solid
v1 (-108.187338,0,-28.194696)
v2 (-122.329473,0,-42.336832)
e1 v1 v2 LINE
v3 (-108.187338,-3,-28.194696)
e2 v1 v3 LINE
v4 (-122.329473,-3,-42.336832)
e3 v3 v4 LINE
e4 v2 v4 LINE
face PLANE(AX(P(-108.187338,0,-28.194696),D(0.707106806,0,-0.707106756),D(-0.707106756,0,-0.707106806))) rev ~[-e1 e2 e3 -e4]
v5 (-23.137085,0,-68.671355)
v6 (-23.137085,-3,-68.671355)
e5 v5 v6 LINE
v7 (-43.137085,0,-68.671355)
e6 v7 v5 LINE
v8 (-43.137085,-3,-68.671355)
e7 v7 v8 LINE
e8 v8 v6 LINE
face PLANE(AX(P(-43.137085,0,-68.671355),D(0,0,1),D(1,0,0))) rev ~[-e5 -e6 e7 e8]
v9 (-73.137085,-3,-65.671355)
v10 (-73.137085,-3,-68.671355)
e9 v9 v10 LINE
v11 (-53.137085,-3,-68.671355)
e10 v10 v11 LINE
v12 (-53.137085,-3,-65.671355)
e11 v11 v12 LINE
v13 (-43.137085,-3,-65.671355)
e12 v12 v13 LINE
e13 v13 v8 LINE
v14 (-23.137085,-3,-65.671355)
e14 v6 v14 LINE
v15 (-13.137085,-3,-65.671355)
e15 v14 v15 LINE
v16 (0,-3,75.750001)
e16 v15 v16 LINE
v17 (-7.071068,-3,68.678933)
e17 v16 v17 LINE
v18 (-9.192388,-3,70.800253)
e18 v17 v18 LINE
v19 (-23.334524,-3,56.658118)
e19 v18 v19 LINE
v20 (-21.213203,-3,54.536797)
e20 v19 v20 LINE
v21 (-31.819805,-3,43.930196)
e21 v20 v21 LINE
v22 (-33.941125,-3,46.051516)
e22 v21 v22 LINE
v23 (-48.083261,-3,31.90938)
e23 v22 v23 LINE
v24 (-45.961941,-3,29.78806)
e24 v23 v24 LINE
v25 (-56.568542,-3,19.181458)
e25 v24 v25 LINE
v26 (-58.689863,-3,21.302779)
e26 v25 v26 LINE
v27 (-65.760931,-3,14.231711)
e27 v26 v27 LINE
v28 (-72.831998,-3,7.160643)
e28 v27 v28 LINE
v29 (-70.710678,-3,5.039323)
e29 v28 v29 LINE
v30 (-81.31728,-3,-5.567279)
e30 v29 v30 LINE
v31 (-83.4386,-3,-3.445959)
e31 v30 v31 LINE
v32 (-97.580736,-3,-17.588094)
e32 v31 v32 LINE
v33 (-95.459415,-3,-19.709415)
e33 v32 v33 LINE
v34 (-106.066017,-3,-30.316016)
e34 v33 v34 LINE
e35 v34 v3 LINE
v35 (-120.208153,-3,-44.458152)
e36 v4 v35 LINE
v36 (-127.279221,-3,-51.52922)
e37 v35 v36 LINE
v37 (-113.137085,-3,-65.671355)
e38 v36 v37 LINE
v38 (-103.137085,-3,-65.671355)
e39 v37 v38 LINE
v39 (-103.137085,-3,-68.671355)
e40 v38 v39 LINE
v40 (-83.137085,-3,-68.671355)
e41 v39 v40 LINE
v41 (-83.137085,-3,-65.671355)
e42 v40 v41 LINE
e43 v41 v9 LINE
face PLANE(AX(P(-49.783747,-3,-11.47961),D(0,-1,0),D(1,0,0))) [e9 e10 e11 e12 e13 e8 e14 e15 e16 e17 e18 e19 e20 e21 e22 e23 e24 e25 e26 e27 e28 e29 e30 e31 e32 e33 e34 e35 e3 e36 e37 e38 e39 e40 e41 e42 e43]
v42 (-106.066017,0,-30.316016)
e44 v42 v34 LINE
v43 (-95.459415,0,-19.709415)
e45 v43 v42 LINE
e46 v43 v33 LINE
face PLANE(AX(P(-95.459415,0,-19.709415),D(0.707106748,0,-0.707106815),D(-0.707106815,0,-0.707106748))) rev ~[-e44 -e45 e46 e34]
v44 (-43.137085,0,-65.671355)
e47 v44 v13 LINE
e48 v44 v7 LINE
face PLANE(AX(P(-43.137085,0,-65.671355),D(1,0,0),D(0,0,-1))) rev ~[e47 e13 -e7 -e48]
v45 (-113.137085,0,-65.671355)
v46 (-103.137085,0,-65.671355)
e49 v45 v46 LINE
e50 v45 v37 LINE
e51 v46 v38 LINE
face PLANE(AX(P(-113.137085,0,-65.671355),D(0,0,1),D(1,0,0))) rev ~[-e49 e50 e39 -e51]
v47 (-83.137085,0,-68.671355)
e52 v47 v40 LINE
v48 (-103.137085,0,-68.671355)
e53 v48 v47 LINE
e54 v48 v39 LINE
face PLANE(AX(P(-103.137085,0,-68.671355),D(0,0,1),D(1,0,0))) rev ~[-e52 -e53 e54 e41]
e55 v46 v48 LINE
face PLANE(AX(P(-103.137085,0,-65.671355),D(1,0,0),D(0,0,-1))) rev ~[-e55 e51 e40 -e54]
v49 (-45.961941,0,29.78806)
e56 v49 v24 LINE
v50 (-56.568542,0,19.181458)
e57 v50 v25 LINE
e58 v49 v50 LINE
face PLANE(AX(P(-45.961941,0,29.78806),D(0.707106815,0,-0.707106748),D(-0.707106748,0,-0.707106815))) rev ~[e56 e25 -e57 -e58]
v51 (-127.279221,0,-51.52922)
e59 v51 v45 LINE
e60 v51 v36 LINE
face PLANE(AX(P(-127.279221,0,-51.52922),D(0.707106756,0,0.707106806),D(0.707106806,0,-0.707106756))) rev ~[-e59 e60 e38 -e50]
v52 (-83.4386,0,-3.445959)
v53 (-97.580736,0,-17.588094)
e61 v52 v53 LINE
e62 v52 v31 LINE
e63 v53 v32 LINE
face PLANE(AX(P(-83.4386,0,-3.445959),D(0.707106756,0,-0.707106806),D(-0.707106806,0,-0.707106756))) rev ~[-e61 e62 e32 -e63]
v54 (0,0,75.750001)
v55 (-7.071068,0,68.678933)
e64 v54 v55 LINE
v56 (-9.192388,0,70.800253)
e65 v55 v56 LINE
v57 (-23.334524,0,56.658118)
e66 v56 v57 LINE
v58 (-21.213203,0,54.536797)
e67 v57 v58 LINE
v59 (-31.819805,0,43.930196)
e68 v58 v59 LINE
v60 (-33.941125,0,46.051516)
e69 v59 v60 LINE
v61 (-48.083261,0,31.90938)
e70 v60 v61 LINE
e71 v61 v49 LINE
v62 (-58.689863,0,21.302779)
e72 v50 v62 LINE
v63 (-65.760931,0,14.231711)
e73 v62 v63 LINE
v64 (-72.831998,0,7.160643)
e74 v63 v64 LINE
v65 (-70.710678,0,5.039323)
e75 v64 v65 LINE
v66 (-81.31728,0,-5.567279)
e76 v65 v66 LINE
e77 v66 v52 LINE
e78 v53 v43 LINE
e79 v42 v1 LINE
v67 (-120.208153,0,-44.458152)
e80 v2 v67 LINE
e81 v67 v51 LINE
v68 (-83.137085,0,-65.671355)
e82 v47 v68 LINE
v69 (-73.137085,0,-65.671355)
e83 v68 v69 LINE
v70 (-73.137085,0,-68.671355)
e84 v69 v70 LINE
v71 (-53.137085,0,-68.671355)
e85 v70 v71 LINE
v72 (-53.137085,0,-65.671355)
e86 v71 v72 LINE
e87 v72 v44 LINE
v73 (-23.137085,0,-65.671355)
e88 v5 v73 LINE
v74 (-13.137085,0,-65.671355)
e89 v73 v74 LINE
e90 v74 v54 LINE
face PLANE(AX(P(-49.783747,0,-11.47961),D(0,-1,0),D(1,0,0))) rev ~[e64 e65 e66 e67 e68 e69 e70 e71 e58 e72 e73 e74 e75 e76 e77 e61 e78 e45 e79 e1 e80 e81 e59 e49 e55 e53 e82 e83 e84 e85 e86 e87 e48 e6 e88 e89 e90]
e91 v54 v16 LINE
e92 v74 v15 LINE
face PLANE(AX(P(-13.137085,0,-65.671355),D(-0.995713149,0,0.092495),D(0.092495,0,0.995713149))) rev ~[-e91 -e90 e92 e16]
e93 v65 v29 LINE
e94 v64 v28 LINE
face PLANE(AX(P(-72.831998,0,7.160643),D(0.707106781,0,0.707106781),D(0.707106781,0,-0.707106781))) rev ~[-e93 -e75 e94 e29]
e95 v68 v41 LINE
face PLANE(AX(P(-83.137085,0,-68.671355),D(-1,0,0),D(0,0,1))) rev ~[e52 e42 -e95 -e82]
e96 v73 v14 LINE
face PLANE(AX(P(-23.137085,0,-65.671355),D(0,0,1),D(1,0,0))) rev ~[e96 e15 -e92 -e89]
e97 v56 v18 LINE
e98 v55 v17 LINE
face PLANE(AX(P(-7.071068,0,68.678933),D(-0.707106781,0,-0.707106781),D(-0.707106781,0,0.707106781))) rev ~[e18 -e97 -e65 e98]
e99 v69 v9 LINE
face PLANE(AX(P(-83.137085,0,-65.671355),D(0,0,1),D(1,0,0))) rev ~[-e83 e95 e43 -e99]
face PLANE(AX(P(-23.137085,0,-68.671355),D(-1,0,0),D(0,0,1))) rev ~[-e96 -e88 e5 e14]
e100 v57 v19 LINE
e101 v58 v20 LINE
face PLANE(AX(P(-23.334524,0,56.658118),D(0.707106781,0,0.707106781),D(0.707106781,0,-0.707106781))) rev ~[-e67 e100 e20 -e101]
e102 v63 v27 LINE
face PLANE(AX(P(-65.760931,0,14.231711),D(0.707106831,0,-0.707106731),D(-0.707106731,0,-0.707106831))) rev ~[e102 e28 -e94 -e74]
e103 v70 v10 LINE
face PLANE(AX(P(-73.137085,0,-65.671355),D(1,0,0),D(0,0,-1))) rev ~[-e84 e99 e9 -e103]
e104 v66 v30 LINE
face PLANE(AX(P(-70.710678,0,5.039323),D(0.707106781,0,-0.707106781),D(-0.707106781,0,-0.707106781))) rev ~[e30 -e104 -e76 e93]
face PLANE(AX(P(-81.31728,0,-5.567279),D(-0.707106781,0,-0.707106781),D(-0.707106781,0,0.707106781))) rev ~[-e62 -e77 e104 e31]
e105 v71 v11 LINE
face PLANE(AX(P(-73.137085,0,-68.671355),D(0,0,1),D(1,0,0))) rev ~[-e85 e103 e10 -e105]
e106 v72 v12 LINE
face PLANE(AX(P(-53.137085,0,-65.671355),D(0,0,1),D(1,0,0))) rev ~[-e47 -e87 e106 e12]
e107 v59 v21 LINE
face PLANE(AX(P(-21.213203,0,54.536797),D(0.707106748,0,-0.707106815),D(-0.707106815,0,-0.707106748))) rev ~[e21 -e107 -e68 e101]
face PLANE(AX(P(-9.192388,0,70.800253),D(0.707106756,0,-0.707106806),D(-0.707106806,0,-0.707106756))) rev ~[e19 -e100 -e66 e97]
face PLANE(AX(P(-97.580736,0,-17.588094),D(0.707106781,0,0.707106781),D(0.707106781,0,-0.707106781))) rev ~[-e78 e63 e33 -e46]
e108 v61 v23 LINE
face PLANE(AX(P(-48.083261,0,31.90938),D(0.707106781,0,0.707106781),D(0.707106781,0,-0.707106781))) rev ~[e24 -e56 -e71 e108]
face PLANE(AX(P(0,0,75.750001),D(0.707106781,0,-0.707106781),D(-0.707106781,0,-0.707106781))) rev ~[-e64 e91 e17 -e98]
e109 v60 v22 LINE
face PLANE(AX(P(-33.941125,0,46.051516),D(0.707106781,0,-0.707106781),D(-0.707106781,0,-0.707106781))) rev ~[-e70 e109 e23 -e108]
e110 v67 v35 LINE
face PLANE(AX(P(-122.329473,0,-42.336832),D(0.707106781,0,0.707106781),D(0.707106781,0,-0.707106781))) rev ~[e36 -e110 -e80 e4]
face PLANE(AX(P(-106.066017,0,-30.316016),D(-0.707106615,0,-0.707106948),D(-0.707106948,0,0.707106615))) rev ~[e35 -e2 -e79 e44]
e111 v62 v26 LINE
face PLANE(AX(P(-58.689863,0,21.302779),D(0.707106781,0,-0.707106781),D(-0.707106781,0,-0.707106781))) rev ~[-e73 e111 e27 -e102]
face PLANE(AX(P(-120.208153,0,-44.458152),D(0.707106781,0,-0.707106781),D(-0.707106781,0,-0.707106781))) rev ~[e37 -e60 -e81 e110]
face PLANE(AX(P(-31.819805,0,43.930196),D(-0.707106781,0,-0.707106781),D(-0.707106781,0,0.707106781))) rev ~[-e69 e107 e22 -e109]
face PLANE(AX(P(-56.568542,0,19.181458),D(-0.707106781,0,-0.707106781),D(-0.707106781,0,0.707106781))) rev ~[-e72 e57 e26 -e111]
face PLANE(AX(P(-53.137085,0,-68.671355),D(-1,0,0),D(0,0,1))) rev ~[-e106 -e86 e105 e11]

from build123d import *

# Parameters (mm, degrees)
F1_DEPTH = 3


with BuildPart() as f1:
    # F0 (on Front) → F1 (new body)
    with BuildSketch(Plane.XZ):
        Polygon((-13.137085, -65.671355), (0, 75.750001), (-7.071068, 68.678933), (-9.192388, 70.800253), (-23.334524, 56.658118), (-21.213203, 54.536797), (-31.819805, 43.930196), (-33.941125, 46.051516), (-48.083261, 31.90938), (-45.961941, 29.78806), (-56.568542, 19.181458), (-58.689863, 21.302779), (-65.760931, 14.231711), (-72.831998, 7.160643), (-70.710678, 5.039323), (-81.31728, -5.567279), (-83.4386, -3.445959), (-97.580736, -17.588094), (-95.459415, -19.709415), (-106.066017, -30.316016), (-108.187338, -28.194696), (-122.329473, -42.336832), (-120.208153, -44.458152), (-127.279221, -51.52922), (-113.137085, -65.671355), (-103.137085, -65.671355), (-103.137085, -68.671355), (-83.137085, -68.671355), (-83.137085, -65.671355), (-73.137085, -65.671355), (-73.137085, -68.671355), (-53.137085, -68.671355), (-53.137085, -65.671355), (-43.137085, -65.671355), (-43.137085, -68.671355), (-23.137085, -68.671355), (-23.137085, -65.671355), align=None)
    extrude(amount=F1_DEPTH)


solid = f1.part
